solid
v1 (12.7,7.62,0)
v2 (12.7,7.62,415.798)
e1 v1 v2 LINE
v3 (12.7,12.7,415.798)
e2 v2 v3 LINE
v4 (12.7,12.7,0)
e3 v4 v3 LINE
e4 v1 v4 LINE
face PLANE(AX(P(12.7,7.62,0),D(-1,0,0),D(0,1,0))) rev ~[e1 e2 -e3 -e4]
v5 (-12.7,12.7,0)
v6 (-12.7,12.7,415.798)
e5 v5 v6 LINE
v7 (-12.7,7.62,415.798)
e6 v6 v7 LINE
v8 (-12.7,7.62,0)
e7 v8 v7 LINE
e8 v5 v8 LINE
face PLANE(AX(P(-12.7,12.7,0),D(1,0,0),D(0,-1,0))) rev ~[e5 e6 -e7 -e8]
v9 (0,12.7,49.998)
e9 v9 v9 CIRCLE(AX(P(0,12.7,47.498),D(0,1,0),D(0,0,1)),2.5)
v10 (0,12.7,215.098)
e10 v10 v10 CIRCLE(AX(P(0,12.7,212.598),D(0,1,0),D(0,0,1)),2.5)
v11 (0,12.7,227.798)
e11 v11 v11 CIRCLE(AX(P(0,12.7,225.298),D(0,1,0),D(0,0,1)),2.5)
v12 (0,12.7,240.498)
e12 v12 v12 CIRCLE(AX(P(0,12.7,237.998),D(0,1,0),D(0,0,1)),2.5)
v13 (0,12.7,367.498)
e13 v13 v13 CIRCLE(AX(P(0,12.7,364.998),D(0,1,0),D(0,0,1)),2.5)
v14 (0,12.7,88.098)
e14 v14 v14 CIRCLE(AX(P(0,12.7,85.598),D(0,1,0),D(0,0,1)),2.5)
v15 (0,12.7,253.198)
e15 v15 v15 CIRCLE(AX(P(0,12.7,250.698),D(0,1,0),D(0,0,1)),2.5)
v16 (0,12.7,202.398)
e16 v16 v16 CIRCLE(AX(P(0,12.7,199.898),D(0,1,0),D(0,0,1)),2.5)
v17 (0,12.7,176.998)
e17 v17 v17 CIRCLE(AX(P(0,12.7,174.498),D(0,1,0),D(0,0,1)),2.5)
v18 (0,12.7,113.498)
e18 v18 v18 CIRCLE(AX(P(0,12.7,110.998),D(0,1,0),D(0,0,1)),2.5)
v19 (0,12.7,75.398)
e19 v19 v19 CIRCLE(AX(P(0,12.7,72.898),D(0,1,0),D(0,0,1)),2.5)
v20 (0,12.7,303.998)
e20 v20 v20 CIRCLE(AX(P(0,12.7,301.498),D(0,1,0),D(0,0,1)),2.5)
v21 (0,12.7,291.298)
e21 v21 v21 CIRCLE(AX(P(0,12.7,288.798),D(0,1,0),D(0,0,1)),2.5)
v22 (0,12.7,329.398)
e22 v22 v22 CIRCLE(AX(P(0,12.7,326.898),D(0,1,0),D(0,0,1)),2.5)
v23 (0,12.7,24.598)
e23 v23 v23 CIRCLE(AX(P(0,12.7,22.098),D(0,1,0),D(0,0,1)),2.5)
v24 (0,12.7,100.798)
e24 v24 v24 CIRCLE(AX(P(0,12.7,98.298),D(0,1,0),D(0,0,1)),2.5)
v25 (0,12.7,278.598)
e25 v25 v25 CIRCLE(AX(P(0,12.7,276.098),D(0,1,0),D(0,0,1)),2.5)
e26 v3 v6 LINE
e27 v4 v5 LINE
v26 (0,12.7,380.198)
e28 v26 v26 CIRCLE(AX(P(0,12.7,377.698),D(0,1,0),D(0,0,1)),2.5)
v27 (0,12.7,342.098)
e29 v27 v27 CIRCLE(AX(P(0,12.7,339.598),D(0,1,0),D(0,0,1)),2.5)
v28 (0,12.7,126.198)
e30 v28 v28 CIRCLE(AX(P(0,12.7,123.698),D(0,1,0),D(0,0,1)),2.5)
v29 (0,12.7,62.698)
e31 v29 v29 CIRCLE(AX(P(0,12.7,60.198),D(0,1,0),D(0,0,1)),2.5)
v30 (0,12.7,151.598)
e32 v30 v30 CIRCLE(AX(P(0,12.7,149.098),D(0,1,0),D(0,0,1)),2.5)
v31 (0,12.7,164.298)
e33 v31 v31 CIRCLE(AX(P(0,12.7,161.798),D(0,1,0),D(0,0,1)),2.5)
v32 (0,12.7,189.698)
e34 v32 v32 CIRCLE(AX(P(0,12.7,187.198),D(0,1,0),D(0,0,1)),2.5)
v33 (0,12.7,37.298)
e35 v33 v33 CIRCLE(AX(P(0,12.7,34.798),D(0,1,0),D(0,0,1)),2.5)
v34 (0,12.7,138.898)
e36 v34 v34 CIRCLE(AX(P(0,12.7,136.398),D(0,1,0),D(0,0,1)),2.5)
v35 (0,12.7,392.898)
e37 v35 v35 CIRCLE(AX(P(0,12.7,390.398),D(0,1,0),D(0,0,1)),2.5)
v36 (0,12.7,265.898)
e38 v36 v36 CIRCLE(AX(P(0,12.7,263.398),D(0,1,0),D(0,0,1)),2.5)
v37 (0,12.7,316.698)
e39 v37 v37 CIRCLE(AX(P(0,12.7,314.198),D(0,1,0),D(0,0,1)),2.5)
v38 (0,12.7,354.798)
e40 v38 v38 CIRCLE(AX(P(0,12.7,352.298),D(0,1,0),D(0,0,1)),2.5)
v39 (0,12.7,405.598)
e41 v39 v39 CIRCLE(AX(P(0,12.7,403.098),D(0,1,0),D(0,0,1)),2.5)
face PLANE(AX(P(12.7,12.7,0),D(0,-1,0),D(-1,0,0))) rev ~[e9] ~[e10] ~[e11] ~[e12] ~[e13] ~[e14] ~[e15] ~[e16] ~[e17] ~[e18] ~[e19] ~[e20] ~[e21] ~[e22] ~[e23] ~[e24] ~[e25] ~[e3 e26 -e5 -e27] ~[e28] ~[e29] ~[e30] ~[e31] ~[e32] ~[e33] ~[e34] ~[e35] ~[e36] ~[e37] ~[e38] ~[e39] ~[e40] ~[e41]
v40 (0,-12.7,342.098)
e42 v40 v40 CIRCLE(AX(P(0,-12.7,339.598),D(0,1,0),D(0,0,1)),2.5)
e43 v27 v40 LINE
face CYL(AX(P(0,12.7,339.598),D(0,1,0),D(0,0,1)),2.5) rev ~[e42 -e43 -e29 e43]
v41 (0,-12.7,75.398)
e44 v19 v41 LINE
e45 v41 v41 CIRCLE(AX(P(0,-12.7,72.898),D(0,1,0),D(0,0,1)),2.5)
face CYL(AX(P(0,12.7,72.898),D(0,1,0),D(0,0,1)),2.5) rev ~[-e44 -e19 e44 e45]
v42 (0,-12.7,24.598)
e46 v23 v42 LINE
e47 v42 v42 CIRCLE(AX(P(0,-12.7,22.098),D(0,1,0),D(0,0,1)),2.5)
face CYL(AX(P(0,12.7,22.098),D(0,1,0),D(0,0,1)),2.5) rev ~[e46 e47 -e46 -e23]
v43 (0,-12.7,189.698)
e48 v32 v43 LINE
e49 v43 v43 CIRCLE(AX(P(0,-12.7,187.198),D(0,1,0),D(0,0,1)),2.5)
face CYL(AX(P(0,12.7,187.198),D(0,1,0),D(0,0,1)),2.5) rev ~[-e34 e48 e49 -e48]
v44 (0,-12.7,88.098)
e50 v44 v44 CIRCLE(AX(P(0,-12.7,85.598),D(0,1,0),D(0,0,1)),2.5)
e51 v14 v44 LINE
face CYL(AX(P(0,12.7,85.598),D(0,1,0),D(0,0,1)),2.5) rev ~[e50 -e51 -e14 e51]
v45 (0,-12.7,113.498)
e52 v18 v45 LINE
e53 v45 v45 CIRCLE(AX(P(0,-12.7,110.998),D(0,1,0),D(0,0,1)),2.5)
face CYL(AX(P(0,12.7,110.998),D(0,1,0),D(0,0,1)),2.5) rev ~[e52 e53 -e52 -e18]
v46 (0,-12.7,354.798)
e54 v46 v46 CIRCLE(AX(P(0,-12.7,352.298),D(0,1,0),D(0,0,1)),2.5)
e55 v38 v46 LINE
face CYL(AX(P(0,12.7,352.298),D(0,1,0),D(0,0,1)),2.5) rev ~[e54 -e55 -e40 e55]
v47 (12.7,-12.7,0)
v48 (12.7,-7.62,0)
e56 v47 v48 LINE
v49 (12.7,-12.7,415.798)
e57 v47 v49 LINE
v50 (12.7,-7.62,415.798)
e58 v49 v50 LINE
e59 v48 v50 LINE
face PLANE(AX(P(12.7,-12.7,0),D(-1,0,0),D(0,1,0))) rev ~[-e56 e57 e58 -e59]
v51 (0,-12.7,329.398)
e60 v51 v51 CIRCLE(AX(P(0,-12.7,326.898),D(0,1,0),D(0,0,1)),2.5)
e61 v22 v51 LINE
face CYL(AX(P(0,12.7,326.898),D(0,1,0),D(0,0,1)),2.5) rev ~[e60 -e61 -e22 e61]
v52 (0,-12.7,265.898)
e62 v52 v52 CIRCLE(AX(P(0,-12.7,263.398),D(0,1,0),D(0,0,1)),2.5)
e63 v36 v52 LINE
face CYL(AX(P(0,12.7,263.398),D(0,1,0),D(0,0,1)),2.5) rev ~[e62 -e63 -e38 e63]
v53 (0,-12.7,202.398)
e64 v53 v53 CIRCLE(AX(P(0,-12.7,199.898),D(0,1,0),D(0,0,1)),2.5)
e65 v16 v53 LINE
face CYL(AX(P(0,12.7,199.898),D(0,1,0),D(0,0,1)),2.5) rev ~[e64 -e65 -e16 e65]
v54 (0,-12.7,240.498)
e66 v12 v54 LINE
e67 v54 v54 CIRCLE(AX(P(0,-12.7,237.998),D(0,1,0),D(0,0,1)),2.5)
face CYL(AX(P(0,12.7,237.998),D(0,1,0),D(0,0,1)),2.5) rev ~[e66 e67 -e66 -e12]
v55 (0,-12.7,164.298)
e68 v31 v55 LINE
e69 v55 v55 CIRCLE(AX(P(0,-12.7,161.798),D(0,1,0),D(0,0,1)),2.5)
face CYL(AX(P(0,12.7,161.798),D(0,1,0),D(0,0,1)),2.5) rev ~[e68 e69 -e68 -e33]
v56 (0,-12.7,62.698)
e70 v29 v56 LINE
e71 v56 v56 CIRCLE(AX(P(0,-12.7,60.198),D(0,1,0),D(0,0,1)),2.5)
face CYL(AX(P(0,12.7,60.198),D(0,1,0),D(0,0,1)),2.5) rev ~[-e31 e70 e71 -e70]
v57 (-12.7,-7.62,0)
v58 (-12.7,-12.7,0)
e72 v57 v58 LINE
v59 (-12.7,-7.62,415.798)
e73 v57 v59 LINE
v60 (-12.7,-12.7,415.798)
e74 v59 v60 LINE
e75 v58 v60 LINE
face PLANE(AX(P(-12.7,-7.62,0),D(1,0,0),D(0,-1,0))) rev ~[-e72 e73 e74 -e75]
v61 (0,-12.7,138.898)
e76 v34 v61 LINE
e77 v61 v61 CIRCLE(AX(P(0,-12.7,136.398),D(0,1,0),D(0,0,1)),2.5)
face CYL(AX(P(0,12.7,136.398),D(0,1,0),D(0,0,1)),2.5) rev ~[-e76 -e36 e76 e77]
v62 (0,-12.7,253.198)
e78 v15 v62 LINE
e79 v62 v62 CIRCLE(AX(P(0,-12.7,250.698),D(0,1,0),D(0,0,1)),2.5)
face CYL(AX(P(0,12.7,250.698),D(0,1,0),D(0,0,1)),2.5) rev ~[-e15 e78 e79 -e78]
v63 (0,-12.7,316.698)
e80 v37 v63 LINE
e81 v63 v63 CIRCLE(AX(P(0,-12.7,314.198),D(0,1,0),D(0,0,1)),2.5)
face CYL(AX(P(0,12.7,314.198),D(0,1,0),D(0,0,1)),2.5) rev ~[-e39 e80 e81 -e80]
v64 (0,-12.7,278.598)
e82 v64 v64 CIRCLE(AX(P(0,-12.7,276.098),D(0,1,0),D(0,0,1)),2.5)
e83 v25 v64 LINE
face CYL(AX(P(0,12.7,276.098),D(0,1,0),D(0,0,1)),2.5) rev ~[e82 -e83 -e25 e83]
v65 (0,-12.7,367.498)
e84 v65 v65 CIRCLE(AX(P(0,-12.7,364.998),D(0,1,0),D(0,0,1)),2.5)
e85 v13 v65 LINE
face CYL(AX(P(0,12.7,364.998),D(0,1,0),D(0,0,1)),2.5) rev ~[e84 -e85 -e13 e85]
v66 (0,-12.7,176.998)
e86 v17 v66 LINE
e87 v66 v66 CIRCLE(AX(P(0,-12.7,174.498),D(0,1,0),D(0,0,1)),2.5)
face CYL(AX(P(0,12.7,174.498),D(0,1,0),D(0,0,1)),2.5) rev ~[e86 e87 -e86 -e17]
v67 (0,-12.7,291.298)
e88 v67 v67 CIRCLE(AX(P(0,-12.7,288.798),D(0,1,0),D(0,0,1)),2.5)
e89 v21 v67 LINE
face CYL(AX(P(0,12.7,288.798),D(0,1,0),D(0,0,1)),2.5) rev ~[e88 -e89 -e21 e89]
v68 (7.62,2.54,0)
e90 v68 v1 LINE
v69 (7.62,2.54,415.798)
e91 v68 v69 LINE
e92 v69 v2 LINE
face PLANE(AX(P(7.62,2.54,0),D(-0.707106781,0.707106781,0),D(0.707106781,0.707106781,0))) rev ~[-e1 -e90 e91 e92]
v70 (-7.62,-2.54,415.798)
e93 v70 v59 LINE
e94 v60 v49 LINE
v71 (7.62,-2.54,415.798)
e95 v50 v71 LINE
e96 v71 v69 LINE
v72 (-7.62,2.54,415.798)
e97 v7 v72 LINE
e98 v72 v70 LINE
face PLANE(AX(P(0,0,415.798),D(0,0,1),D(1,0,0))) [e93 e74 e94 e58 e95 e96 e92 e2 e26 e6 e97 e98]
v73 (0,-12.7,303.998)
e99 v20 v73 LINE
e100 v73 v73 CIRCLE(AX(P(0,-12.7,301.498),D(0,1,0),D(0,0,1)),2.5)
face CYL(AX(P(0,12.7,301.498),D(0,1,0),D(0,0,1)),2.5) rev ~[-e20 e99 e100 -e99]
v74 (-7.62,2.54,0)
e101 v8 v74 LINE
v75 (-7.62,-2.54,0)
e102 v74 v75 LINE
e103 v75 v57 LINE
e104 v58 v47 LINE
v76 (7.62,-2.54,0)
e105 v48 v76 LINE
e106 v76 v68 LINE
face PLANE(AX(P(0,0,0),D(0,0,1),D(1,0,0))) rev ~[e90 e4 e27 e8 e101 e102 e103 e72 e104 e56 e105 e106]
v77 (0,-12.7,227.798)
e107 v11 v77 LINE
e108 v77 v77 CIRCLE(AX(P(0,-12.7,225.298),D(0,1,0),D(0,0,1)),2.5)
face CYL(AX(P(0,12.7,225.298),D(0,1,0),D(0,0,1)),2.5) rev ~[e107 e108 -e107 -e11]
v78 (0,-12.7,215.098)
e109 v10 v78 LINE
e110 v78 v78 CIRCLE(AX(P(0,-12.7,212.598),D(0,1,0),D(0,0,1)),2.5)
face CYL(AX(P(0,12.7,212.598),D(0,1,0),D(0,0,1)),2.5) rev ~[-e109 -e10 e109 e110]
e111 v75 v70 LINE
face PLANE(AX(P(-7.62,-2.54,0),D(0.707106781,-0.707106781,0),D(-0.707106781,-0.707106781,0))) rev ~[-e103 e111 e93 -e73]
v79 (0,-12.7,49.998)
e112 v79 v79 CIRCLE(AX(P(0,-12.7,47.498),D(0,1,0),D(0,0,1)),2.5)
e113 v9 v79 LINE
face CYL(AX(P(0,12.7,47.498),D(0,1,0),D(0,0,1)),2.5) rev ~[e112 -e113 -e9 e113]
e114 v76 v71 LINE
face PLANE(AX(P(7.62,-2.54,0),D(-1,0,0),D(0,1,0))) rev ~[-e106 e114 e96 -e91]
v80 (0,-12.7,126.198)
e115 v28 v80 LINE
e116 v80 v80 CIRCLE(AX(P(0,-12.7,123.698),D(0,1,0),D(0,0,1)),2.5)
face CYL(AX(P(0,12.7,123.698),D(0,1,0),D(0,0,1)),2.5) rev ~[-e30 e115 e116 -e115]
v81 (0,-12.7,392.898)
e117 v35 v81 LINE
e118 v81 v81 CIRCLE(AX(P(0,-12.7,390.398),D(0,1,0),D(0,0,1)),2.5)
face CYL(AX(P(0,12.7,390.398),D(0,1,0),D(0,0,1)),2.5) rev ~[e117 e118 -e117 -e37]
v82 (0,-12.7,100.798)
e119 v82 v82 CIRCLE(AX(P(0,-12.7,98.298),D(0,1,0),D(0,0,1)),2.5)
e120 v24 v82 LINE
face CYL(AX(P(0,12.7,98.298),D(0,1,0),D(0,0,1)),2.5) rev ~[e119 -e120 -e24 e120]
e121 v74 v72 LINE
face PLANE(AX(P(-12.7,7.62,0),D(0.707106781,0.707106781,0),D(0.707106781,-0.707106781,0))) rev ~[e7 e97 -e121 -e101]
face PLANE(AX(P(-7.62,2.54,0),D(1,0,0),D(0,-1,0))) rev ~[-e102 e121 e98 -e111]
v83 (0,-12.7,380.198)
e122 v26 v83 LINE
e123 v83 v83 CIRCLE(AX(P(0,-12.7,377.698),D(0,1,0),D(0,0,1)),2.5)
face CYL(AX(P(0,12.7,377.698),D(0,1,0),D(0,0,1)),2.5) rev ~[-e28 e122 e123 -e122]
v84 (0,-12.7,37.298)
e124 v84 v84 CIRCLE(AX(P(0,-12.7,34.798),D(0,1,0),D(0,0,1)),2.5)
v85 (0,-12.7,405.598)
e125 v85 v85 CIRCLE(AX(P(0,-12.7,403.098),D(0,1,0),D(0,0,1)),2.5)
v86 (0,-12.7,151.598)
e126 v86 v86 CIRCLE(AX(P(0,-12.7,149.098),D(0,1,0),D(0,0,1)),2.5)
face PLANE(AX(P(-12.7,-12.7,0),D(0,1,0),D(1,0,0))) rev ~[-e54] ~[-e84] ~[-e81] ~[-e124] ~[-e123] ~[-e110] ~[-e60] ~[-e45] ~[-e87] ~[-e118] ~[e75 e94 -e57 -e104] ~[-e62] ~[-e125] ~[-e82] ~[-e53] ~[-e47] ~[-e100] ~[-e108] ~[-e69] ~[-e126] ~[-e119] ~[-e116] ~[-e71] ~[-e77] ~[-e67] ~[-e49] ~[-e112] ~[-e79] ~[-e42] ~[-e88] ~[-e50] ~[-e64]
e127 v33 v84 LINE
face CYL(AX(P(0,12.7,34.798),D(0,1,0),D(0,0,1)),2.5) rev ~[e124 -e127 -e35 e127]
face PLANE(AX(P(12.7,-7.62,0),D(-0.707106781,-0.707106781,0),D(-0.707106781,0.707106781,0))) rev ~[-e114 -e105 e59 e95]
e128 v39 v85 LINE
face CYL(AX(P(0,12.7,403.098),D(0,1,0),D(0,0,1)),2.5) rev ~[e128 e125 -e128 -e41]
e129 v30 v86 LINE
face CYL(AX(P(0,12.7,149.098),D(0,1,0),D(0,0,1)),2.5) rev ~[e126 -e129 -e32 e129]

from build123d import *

# Parameters (mm, degrees)
BOSS_EXTRUDE1_DEPTH = 415.798
SKETCH3_R           = 2.5
CUT_EXTRUDE1_DEPTH  = 25.4


with BuildPart() as part:
    # Sketch1 → Boss-Extrude1 (new body)
    with BuildSketch(Plane.XY):
        Polygon((12.7, 12.7), (-12.7, 12.7), (-12.7, 7.62), (-7.62, 2.54), (-7.62, -2.54), (-12.7, -7.62), (-12.7, -12.7), (12.7, -12.7), (12.7, -7.62), (7.62, -2.54), (7.62, 2.54), (12.7, 7.62), align=None)
    extrude(amount=BOSS_EXTRUDE1_DEPTH)

    # Sketch3 → Cut-Extrude1 (cut)
    with BuildSketch(Plane(origin=(0, 12.7, 0), x_dir=(1, 0, 0), z_dir=(0, 1, 0))):
        with Locations(Location((0, -403.098, 0), (0, 0, 270))):
            Circle(SKETCH3_R)
        with Locations(Location((0, -390.398, 0), (0, 0, 270))):
            Circle(SKETCH3_R)
        with Locations(Location((0, -377.698, 0), (0, 0, 270))):
            Circle(SKETCH3_R)
        with Locations(Location((0, -364.998, 0), (0, 0, 270))):
            Circle(SKETCH3_R)
        with Locations(Location((0, -352.298, 0), (0, 0, 270))):
            Circle(SKETCH3_R)
        with Locations(Location((0, -339.598, 0), (0, 0, 270))):
            Circle(SKETCH3_R)
        with Locations(Location((0, -326.898, 0), (0, 0, 270))):
            Circle(SKETCH3_R)
        with Locations(Location((0, -314.198, 0), (0, 0, 270))):
            Circle(SKETCH3_R)
        with Locations(Location((0, -301.498, 0), (0, 0, 270))):
            Circle(SKETCH3_R)
        with Locations(Location((0, -288.798, 0), (0, 0, 270))):
            Circle(SKETCH3_R)
        with Locations(Location((0, -276.098, 0), (0, 0, 270))):
            Circle(SKETCH3_R)
        with Locations(Location((0, -263.398, 0), (0, 0, 270))):
            Circle(SKETCH3_R)
        with Locations(Location((0, -250.698, 0), (0, 0, 270))):
            Circle(SKETCH3_R)
        with Locations(Location((0, -237.998, 0), (0, 0, 270))):
            Circle(SKETCH3_R)
        with Locations(Location((0, -225.298, 0), (0, 0, 270))):
            Circle(SKETCH3_R)
        with Locations(Location((0, -212.598, 0), (0, 0, 270))):
            Circle(SKETCH3_R)
        with Locations(Location((0, -199.898, 0), (0, 0, 270))):
            Circle(SKETCH3_R)
        with Locations(Location((0, -187.198, 0), (0, 0, 270))):
            Circle(SKETCH3_R)
        with Locations(Location((0, -174.498, 0), (0, 0, 270))):
            Circle(SKETCH3_R)
        with Locations(Location((0, -161.798, 0), (0, 0, 270))):
            Circle(SKETCH3_R)
        with Locations(Location((0, -149.098, 0), (0, 0, 270))):
            Circle(SKETCH3_R)
        with Locations(Location((0, -136.398, 0), (0, 0, 270))):
            Circle(SKETCH3_R)
        with Locations(Location((0, -123.698, 0), (0, 0, 270))):
            Circle(SKETCH3_R)
        with Locations(Location((0, -110.998, 0), (0, 0, 270))):
            Circle(SKETCH3_R)
        with Locations(Location((0, -98.298, 0), (0, 0, 270))):
            Circle(SKETCH3_R)
        with Locations(Location((0, -85.598, 0), (0, 0, 270))):
            Circle(SKETCH3_R)
        with Locations(Location((0, -72.898, 0), (0, 0, 270))):
            Circle(SKETCH3_R)
        with Locations(Location((0, -60.198, 0), (0, 0, 270))):
            Circle(SKETCH3_R)
        with Locations(Location((0, -47.498, 0), (0, 0, 270))):
            Circle(SKETCH3_R)
        with Locations(Location((0, -34.798, 0), (0, 0, 270))):
            Circle(SKETCH3_R)
        with Locations(Location((0, -22.098, 0), (0, 0, 270))):
            Circle(SKETCH3_R)
    extrude(amount=-CUT_EXTRUDE1_DEPTH, mode=Mode.SUBTRACT)


solid = part.part
